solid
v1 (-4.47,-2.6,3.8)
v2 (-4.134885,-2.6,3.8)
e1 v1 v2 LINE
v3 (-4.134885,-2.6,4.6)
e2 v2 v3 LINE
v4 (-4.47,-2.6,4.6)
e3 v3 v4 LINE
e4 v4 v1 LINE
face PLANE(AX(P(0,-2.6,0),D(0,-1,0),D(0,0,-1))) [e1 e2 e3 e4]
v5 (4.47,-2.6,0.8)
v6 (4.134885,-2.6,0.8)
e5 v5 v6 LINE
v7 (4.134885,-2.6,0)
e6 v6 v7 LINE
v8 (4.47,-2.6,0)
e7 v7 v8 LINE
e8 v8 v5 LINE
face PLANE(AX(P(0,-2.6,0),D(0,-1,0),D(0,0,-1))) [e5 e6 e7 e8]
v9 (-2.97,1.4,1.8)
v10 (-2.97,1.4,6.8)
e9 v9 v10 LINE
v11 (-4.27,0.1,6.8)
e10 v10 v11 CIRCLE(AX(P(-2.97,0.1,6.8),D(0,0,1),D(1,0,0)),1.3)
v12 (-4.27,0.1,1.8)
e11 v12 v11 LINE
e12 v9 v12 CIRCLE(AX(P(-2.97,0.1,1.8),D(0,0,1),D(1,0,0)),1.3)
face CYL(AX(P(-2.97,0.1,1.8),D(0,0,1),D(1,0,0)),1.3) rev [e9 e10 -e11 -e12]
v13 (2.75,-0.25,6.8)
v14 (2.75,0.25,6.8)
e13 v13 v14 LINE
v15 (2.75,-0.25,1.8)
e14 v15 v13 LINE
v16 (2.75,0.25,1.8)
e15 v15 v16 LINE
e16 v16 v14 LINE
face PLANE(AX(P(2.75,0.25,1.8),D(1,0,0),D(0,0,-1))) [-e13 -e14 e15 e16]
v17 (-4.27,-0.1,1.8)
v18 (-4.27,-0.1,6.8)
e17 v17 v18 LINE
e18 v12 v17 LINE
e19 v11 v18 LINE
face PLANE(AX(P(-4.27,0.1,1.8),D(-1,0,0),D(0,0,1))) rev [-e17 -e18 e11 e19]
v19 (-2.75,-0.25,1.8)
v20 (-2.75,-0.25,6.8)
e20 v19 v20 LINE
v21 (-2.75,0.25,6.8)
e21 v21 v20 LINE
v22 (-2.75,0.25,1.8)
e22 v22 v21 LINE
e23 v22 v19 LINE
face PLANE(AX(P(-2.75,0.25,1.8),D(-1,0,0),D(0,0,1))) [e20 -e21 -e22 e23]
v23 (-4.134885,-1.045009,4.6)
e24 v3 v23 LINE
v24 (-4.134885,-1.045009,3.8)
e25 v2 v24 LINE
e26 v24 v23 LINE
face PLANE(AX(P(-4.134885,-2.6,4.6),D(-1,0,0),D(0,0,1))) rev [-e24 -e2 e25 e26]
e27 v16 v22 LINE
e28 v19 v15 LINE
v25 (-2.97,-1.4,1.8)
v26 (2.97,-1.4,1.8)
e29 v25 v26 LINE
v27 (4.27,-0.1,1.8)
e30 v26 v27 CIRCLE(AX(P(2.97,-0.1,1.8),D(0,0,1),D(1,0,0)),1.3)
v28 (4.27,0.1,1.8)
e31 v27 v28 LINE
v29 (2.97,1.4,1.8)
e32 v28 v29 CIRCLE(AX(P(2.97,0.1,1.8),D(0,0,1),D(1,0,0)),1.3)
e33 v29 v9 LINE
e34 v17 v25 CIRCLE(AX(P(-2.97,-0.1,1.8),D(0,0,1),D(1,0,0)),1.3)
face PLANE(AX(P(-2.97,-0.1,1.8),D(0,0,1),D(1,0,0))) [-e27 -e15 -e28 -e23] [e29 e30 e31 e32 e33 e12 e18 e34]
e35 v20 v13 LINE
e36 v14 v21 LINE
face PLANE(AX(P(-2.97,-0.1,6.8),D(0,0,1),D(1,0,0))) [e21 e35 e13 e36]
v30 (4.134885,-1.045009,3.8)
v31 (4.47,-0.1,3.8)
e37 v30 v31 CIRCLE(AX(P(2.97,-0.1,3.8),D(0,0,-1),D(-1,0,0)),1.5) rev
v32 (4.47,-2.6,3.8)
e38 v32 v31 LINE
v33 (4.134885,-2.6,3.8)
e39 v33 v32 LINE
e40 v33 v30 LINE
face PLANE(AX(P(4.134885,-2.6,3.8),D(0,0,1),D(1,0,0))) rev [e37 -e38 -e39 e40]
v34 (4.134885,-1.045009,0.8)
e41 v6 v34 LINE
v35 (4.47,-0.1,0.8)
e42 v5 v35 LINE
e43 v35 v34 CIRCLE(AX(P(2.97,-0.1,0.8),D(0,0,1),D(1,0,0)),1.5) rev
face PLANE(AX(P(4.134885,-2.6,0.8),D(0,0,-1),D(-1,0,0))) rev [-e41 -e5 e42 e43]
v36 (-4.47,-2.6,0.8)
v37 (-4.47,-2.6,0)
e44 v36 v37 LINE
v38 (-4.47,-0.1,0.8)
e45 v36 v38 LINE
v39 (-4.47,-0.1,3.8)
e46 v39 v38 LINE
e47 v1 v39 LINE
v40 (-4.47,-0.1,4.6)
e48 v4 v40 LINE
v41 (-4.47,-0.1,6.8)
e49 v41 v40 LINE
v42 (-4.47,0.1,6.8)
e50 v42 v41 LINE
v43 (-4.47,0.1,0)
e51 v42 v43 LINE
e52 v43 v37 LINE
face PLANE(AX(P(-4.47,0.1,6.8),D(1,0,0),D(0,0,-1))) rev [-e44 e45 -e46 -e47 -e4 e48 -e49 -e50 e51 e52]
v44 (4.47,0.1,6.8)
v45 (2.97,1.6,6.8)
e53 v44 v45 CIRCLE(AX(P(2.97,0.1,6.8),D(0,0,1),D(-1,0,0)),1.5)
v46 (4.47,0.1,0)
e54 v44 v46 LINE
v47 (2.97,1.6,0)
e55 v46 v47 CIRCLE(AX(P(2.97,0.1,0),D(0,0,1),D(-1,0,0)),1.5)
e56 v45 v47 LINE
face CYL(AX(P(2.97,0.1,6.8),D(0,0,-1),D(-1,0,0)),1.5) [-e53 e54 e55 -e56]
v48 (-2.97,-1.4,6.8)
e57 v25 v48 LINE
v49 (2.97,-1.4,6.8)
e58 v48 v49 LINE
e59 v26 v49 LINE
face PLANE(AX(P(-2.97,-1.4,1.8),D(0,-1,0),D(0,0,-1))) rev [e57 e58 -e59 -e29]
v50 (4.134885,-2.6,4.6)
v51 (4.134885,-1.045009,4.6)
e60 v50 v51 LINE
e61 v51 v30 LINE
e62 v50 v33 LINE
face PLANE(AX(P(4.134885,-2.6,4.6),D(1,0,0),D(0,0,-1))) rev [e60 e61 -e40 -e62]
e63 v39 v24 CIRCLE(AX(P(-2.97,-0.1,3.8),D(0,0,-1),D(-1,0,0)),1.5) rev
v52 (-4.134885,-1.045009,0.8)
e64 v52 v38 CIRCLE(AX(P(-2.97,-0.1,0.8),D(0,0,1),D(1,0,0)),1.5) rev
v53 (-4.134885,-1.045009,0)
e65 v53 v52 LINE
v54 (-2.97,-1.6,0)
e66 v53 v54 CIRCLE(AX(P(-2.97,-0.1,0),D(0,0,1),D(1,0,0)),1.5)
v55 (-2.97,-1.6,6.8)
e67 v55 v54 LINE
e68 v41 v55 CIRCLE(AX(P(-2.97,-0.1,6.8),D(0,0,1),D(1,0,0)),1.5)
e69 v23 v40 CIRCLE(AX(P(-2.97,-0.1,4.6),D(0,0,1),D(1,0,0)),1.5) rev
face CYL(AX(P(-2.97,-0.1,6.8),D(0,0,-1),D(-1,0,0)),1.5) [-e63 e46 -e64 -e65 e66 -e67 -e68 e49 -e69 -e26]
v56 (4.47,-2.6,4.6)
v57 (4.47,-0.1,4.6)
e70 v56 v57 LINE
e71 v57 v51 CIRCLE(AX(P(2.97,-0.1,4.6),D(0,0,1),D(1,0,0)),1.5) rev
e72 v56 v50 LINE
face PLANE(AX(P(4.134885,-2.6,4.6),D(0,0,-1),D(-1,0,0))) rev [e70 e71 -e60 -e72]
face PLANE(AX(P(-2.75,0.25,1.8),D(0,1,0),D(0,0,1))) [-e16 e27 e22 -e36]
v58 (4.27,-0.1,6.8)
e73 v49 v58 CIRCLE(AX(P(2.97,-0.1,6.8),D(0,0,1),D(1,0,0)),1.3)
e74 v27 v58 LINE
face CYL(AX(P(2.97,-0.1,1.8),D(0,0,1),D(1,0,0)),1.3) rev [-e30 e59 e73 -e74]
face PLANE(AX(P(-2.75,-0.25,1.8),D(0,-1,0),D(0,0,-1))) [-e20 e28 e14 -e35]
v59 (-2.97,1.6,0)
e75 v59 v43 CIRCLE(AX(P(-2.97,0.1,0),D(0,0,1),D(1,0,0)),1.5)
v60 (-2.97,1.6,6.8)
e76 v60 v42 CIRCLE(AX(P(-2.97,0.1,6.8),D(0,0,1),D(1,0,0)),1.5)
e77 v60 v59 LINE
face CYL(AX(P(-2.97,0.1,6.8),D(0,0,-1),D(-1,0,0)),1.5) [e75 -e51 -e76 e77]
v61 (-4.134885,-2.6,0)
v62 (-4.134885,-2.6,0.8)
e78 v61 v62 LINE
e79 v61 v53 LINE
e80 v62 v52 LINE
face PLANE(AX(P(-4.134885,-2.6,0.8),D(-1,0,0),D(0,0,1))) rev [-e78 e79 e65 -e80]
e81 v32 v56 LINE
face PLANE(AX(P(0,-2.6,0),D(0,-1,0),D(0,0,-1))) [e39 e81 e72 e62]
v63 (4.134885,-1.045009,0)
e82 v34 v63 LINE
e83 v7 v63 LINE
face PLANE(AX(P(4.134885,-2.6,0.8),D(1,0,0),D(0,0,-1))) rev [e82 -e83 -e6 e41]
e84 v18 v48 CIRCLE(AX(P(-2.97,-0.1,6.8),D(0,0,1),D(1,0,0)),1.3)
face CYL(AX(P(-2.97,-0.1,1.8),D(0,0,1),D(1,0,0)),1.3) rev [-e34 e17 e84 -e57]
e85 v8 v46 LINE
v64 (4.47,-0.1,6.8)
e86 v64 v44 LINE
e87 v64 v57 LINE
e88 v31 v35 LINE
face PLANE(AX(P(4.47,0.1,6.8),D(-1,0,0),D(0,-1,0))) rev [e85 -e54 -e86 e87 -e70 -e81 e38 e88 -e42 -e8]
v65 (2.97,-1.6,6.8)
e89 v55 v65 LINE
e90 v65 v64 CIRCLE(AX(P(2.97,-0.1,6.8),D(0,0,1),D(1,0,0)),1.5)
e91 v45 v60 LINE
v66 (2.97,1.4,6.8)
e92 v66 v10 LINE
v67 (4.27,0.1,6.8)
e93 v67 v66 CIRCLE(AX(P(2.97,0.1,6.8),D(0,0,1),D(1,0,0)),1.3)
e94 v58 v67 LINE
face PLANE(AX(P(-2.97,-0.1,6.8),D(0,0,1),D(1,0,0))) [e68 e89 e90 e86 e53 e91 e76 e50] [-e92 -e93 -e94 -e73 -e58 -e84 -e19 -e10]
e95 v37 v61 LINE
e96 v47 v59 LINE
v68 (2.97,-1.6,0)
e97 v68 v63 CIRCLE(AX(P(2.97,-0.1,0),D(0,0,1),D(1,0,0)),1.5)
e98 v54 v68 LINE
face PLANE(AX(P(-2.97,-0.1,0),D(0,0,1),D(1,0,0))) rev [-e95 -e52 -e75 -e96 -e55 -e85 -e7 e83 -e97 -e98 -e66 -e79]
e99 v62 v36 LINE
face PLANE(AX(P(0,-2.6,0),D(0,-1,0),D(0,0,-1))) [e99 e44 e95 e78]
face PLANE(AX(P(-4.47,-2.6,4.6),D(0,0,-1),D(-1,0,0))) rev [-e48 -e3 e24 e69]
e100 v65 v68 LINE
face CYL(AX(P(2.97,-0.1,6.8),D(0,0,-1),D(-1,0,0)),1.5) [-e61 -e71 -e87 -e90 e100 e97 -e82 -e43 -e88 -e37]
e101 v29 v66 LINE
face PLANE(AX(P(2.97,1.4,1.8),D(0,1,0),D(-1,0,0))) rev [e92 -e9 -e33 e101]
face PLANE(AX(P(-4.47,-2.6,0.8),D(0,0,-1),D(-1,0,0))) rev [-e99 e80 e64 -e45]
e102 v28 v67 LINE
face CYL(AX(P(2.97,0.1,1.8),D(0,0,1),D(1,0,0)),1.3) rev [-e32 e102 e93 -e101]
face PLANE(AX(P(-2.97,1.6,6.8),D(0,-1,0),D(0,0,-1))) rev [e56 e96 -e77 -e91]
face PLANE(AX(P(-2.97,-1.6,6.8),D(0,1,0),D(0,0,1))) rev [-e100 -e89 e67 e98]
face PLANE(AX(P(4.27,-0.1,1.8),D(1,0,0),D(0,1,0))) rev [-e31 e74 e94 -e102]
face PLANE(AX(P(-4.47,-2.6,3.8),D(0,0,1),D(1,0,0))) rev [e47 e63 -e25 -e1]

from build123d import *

# Parameters (mm, degrees)
BOSS_EXTRUDE1_DEPTH             = 6.8
BOSS_EXTRUDE2_REACH             = 10.744
SKETCH2_W                       = 0.335114676
SKETCH2_H                       = 0.8
BOSS_EXTRUDE2_DIRECTION_2_DEPTH = 1
SKETCH3_W                       = 5.5
SKETCH3_H                       = 0.5
CUT_EXTRUDE1_DEPTH              = 5


with BuildPart() as part:
    # Sketch1 → Boss-Extrude1 (new body)
    with BuildSketch(Plane.XY):
        with BuildLine():
            Line((-2.97, 1.6), (2.97, 1.6))
            ThreePointArc((2.97, 1.6), (4.030660172, 1.160660172), (4.47, 0.1))
            Line((4.47, 0.1), (4.47, -0.1))
            ThreePointArc((4.47, -0.1), (4.030660172, -1.160660172), (2.97, -1.6))
            Line((2.97, -1.6), (-2.97, -1.6))
            ThreePointArc((-2.97, -1.6), (-4.030660172, -1.160660172), (-4.47, -0.1))
            Line((-4.47, -0.1), (-4.47, 0.1))
            ThreePointArc((-4.47, 0.1), (-4.030660172, 1.160660172), (-2.97, 1.6))
        make_face()
    extrude(amount=BOSS_EXTRUDE1_DEPTH)

    # Sketch2 → Boss-Extrude2 (add, up to next)
    with BuildSketch(Plane.XZ.offset(1.6), mode=Mode.PRIVATE) as boss_extrude2_sk1:
        with Locations((-4.302442662, 4.2)):
            Rectangle(SKETCH2_W, SKETCH2_H)
    boss_extrude2_tool1 = extrude(boss_extrude2_sk1.sketch, amount=-BOSS_EXTRUDE2_REACH, mode=Mode.PRIVATE) - part.part
    # Sketch2 → Boss-Extrude2 (add, up to next)
    with BuildSketch(Plane.XZ.offset(1.6), mode=Mode.PRIVATE) as boss_extrude2_sk2:
        with Locations((-4.302442662, 0.4)):
            Rectangle(SKETCH2_W, SKETCH2_H)
    boss_extrude2_tool2 = extrude(boss_extrude2_sk2.sketch, amount=-BOSS_EXTRUDE2_REACH, mode=Mode.PRIVATE) - part.part
    # Sketch2 → Boss-Extrude2 (add, up to next)
    with BuildSketch(Plane.XZ.offset(1.6), mode=Mode.PRIVATE) as boss_extrude2_sk3:
        with Locations((4.302442662, 0.4)):
            Rectangle(SKETCH2_W, SKETCH2_H)
    boss_extrude2_tool3 = extrude(boss_extrude2_sk3.sketch, amount=-BOSS_EXTRUDE2_REACH, mode=Mode.PRIVATE) - part.part
    # Sketch2 → Boss-Extrude2 (add, up to next)
    with BuildSketch(Plane.XZ.offset(1.6), mode=Mode.PRIVATE) as boss_extrude2_sk4:
        with Locations((4.302442662, 4.2)):
            Rectangle(SKETCH2_W, SKETCH2_H)
    boss_extrude2_tool4 = extrude(boss_extrude2_sk4.sketch, amount=-BOSS_EXTRUDE2_REACH, mode=Mode.PRIVATE) - part.part
    add(boss_extrude2_tool1.solids().sort_by_distance((-4.302443, -1.6, 4.2))[0])
    add(boss_extrude2_tool2.solids().sort_by_distance((-4.302443, -1.6, 0.4))[0])
    add(boss_extrude2_tool3.solids().sort_by_distance((4.302443, -1.6, 0.4))[0])
    add(boss_extrude2_tool4.solids().sort_by_distance((4.302443, -1.6, 4.2))[0])

    # Sketch2 → Boss-Extrude2 direction 2 (add)
    with BuildSketch(Plane.XZ.offset(1.6)):
        with Locations((-4.302442662, 4.2)):
            Rectangle(SKETCH2_W, SKETCH2_H)
        with Locations((-4.302442662, 0.4)):
            Rectangle(SKETCH2_W, SKETCH2_H)
        with Locations((4.302442662, 0.4)):
            Rectangle(SKETCH2_W, SKETCH2_H)
        with Locations((4.302442662, 4.2)):
            Rectangle(SKETCH2_W, SKETCH2_H)
    extrude(amount=BOSS_EXTRUDE2_DIRECTION_2_DEPTH)

    # Sketch3 → Cut-Extrude1 (cut)
    with BuildSketch(Plane.XY.offset(6.8)):
        with BuildLine():
            Line((-2.97, -1.4), (2.97, -1.4))
            ThreePointArc((2.97, -1.4), (3.889238816, -1.019238816), (4.27, -0.1))
            Line((4.27, -0.1), (4.27, 0.1))
            ThreePointArc((4.27, 0.1), (3.889238816, 1.019238816), (2.97, 1.4))
            Line((2.97, 1.4), (-2.97, 1.4))
            ThreePointArc((-2.97, 1.4), (-3.889238816, 1.019238816), (-4.27, 0.1))
            Line((-4.27, 0.1), (-4.27, -0.1))
            ThreePointArc((-4.27, -0.1), (-3.889238816, -1.019238816), (-2.97, -1.4))
        make_face()
        Rectangle(SKETCH3_W, SKETCH3_H, mode=Mode.SUBTRACT)
    extrude(amount=-CUT_EXTRUDE1_DEPTH, mode=Mode.SUBTRACT)


solid = part.part
